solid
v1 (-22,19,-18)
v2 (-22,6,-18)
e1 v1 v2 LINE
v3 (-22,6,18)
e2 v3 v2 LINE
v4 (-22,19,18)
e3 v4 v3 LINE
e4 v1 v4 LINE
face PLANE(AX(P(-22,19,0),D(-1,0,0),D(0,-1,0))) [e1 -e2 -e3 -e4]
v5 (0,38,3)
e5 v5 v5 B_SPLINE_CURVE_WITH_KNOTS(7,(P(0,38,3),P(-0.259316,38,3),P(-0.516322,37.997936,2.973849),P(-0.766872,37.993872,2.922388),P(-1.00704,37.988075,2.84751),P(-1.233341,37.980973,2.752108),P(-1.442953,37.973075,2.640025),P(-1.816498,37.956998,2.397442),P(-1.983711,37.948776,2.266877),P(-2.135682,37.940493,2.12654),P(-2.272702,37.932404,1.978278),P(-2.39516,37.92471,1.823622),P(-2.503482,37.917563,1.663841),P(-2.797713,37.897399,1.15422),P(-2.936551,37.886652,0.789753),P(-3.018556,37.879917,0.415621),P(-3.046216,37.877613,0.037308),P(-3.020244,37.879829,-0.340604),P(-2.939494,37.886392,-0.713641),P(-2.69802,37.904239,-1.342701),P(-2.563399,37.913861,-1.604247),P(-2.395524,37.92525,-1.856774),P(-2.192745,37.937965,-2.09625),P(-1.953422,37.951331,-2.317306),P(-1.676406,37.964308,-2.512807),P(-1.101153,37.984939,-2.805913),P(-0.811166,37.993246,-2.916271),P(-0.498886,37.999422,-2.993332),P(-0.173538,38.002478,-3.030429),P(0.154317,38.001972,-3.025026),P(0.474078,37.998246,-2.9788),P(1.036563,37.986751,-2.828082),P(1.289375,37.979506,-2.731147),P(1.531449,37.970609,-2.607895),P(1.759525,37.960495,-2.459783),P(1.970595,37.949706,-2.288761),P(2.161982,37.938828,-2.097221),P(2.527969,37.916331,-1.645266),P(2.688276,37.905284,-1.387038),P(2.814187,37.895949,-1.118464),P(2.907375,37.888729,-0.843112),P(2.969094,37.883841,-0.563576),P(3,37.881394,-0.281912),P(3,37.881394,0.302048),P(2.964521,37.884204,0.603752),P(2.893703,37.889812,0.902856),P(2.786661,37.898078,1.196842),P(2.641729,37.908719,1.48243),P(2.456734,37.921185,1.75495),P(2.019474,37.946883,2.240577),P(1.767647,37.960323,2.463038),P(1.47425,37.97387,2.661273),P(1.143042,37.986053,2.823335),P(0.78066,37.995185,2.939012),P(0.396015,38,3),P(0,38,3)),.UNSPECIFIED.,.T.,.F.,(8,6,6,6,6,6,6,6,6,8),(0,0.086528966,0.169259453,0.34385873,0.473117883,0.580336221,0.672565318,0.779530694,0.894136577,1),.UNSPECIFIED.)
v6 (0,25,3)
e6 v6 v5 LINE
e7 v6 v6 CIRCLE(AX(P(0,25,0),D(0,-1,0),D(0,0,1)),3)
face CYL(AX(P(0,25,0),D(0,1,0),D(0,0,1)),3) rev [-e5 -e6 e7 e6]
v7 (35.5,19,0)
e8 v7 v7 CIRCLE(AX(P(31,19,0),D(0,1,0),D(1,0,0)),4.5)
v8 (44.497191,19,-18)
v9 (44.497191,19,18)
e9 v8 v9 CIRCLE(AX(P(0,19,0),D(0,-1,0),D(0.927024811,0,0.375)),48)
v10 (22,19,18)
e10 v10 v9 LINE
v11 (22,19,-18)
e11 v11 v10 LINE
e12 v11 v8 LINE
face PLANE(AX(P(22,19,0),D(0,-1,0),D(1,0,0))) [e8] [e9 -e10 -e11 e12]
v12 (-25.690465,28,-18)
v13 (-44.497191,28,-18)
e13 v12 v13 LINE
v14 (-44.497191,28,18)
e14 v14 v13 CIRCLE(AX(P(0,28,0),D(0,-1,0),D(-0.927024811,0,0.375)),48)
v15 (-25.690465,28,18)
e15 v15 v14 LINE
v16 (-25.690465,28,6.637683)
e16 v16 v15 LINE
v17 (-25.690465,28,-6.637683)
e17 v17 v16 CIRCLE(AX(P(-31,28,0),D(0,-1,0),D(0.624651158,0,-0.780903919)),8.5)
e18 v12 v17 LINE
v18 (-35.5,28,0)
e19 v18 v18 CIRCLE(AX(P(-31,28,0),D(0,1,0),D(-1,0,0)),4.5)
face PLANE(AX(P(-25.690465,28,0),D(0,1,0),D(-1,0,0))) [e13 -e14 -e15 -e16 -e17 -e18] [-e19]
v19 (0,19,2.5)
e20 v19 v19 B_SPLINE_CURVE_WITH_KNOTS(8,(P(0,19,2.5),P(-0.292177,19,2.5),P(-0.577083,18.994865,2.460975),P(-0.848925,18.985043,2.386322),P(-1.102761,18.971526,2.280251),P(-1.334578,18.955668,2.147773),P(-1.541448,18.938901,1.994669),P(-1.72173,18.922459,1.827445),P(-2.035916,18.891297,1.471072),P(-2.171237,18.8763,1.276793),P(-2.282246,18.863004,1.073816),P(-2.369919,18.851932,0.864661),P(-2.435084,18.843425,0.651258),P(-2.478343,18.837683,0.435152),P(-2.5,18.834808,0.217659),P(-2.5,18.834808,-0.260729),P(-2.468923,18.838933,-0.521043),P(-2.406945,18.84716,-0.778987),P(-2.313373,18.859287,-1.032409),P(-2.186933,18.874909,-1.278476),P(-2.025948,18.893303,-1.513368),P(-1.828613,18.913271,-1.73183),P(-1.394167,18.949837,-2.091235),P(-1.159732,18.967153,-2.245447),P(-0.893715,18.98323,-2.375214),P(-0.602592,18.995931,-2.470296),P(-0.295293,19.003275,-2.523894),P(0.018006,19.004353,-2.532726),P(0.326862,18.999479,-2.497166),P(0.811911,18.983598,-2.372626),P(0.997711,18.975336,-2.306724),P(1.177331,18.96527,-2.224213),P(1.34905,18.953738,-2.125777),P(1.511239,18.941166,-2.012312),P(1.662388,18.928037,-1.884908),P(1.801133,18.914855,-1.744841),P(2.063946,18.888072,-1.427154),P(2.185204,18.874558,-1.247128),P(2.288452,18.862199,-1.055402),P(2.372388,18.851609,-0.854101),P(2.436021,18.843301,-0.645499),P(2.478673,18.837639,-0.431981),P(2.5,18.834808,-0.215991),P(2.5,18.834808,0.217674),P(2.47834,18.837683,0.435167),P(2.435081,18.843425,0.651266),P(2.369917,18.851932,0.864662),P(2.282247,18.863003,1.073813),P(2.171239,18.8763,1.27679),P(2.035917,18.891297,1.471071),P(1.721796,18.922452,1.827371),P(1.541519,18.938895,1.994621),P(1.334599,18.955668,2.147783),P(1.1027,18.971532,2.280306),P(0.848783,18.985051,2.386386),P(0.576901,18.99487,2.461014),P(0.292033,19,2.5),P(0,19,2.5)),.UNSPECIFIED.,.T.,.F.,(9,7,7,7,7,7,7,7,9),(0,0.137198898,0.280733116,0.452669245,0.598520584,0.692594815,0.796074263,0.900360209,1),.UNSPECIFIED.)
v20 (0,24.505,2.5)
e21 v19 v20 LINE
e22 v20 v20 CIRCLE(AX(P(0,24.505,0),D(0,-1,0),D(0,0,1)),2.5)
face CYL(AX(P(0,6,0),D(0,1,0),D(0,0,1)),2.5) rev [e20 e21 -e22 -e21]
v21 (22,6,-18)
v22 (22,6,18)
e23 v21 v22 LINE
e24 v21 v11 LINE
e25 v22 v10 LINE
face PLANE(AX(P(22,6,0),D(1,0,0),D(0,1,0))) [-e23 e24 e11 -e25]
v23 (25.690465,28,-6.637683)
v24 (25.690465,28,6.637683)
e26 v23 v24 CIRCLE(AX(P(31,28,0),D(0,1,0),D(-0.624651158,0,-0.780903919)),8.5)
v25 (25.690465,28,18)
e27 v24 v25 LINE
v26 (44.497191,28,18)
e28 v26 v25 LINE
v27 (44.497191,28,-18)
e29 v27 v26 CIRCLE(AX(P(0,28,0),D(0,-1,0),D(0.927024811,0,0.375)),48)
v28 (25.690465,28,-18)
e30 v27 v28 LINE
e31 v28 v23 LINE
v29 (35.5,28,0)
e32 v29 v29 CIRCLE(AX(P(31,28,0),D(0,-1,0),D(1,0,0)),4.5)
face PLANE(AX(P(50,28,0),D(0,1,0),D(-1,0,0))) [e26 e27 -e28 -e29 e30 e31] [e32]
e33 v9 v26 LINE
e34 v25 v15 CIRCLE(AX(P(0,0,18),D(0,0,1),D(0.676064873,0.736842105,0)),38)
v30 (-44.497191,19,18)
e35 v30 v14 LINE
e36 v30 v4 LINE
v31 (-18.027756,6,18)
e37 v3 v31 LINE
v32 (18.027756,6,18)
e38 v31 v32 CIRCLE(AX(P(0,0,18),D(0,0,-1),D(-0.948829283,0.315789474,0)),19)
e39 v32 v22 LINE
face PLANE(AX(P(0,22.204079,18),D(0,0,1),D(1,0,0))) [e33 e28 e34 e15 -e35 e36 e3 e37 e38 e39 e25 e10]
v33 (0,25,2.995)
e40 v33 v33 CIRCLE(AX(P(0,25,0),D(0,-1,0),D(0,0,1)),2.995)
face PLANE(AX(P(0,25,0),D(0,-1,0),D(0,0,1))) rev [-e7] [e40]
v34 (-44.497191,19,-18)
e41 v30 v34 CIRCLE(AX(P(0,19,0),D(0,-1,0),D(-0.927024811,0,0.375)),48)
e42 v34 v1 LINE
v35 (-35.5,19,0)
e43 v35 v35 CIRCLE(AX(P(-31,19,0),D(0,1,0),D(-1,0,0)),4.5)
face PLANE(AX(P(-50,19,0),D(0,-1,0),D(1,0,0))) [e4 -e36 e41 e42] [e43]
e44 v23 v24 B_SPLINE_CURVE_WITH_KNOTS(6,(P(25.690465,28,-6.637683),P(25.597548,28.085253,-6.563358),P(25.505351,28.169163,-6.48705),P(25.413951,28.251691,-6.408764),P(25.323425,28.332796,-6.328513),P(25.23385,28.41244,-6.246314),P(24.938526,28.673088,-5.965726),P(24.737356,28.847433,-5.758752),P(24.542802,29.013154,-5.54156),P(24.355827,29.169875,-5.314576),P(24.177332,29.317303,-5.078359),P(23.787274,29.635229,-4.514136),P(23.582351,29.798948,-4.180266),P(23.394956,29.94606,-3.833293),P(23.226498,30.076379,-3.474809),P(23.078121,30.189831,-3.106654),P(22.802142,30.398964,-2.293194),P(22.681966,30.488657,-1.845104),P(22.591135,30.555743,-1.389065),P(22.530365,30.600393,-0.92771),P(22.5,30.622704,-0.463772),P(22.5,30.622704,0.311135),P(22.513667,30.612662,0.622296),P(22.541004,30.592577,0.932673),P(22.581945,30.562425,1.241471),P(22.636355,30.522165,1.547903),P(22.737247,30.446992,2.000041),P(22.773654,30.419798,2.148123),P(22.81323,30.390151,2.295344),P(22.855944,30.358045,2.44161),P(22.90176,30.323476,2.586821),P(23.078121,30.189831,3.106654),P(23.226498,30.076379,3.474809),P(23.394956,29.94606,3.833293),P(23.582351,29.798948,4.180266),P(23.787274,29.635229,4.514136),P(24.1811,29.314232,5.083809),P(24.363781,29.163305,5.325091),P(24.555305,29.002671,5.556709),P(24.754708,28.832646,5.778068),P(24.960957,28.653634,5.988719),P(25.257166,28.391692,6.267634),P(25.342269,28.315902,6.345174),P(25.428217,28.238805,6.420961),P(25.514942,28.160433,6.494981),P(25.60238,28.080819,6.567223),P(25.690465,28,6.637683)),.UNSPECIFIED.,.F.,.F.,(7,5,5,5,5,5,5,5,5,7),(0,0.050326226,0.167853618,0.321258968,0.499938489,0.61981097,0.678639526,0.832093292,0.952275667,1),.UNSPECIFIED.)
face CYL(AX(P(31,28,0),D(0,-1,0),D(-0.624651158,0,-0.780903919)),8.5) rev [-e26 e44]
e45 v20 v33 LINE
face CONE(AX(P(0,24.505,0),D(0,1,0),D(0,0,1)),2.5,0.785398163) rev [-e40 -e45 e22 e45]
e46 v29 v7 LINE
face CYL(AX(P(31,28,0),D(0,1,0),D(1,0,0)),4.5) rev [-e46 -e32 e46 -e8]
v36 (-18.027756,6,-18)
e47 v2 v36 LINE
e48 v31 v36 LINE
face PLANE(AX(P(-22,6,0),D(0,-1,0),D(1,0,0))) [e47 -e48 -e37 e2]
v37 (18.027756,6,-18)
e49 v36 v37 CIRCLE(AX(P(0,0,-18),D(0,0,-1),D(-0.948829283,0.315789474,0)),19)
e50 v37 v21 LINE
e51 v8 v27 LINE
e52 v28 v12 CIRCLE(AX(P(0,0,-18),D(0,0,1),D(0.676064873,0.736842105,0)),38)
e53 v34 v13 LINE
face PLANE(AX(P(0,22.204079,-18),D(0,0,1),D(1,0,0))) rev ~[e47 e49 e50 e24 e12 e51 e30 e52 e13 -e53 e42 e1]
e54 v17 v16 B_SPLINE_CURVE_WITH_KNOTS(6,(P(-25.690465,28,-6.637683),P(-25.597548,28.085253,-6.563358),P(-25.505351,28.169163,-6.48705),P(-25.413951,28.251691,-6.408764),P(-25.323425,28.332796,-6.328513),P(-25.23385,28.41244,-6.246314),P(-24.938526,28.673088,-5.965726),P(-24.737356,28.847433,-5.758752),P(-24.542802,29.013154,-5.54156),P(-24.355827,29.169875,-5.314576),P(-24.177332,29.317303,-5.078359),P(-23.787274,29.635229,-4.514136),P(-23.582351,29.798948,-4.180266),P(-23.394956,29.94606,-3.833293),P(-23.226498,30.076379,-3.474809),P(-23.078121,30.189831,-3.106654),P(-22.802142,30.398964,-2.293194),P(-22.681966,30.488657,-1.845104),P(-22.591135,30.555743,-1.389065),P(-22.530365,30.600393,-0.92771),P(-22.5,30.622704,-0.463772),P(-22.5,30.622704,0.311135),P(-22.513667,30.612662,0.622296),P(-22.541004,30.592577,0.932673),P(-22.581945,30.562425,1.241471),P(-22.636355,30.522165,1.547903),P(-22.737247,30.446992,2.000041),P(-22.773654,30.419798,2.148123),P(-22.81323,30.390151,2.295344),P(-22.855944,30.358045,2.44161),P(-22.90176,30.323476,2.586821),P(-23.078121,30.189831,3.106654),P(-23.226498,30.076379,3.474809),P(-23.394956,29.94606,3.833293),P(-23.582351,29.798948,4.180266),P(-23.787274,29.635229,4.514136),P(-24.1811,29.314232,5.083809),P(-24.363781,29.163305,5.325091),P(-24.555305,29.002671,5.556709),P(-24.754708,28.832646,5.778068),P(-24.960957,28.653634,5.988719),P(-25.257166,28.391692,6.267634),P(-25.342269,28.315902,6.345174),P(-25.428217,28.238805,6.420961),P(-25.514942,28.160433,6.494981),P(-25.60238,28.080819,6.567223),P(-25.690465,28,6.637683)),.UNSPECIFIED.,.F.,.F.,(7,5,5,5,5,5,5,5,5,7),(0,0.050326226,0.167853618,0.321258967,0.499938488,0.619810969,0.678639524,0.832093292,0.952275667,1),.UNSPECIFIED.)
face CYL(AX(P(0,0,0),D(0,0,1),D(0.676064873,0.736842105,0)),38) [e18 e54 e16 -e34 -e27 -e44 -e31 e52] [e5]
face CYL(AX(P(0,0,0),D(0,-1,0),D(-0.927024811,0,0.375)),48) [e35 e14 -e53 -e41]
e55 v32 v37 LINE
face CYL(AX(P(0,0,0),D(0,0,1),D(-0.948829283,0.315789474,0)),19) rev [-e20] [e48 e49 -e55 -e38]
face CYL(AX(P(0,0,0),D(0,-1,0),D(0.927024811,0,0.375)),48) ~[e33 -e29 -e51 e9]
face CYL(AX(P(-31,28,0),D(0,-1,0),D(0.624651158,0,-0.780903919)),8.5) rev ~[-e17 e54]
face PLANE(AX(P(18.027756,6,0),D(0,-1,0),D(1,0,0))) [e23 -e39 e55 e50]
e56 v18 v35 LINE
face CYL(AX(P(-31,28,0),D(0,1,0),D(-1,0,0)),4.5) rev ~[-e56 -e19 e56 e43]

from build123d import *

# Parameters (mm, degrees)
BOSS_EXTRUDE1_DEPTH = 18
CUT_EXTRUDE1_DEPTH  = 39
SKETCH3_R           = 4.5
CUT_EXTRUDE2_DEPTH  = 58
CUT_EXTRUDE3_DEPTH  = 64


with BuildPart() as part:
    # Sketch1 → Boss-Extrude1 (new body, symmetric)
    with BuildSketch(Plane.XY):
        with BuildLine():
            Line((18.027756377, 6), (22, 6))
            Line((22, 6), (22, 19))
            Line((22, 19), (50, 19))
            Line((50, 19), (50, 28))
            Line((50, 28), (25.690465157, 28))
            ThreePointArc((25.690465157, 28), (0, 38), (-25.690465157, 28))
            Line((-25.690465157, 28), (-50, 28))
            Line((-50, 28), (-50, 19))
            Line((-50, 19), (-22, 19))
            Line((-22, 19), (-22, 6))
            Line((-22, 6), (-18.027756377, 6))
            ThreePointArc((-18.027756377, 6), (0, 19), (18.027756377, 6))
        make_face()
    extrude(amount=BOSS_EXTRUDE1_DEPTH, both=True)

    # Sketch2 → Cut-Extrude1 (cut, through all)
    with BuildSketch(Plane(origin=(0, 0, 0), x_dir=(1, 0, 0), z_dir=(0, 1, 0))):
        with BuildLine():
            Line((-44.497190923, 18), (-50, 18))
            Line((-50, 18), (-50, -18))
            Line((-50, -18), (-44.497190923, -18))
            ThreePointArc((-44.497190923, -18), (-48, 0), (-44.497190923, 18))
        make_face()
    cut_extrude1 = extrude(amount=CUT_EXTRUDE1_DEPTH, mode=Mode.SUBTRACT)

    # Sketch3 → Cut-Extrude2 (cut)
    with BuildSketch(Plane(origin=(0, 28, 0), x_dir=(1, 0, 0), z_dir=(0, 1, 0))):
        with Locations(Location((-31, 0, 0), (0, 0, 180))):  # turned: the seam where the file's is
            Circle(SKETCH3_R)
    cut_extrude2 = extrude(amount=-CUT_EXTRUDE2_DEPTH, mode=Mode.SUBTRACT)

    # Sketch4 → Cut-Extrude3 (cut)
    with BuildSketch(Plane(origin=(0, 28, 0), x_dir=(1, 0, 0), z_dir=(0, 1, 0))):
        with BuildLine():
            Line((-25.690465157, -6.637683312), (-25.690465157, 6.637683312))
            ThreePointArc((-25.690465157, 6.637683312), (-22.5, 0), (-25.690465157, -6.637683312))
        make_face()
    cut_extrude3 = extrude(amount=CUT_EXTRUDE3_DEPTH, mode=Mode.SUBTRACT)

    # Mirror5: Cut-Extrude1, Cut-Extrude2, Cut-Extrude3 across plane
    add(cut_extrude1.mirror(Plane(origin=(0, 0, 0), x_dir=(0, 0, 1), z_dir=(1, 0, 0))), mode=Mode.SUBTRACT)
    add(cut_extrude2.mirror(Plane(origin=(0, 0, 0), x_dir=(0, 0, 1), z_dir=(1, 0, 0))), mode=Mode.SUBTRACT)
    add(cut_extrude3.mirror(Plane(origin=(0, 0, 0), x_dir=(0, 0, 1), z_dir=(1, 0, 0))), mode=Mode.SUBTRACT)

    # Sketch7 → CBORE for M5 Hex Head Bolt1 (revolve, cut)
    with BuildSketch(Plane(origin=(0, 38, 0), x_dir=(0, 0, 1), z_dir=(1, 0, 0))):
        Polygon((0, 0), (0, 32), (2.5, 32), (2.5, 13.495), (2.995, 13), (3, 13), (3, 0), align=None)
    revolve(axis=Axis((0, 44.35, 0), (0, -1, 0)), mode=Mode.SUBTRACT)


solid = part.part
